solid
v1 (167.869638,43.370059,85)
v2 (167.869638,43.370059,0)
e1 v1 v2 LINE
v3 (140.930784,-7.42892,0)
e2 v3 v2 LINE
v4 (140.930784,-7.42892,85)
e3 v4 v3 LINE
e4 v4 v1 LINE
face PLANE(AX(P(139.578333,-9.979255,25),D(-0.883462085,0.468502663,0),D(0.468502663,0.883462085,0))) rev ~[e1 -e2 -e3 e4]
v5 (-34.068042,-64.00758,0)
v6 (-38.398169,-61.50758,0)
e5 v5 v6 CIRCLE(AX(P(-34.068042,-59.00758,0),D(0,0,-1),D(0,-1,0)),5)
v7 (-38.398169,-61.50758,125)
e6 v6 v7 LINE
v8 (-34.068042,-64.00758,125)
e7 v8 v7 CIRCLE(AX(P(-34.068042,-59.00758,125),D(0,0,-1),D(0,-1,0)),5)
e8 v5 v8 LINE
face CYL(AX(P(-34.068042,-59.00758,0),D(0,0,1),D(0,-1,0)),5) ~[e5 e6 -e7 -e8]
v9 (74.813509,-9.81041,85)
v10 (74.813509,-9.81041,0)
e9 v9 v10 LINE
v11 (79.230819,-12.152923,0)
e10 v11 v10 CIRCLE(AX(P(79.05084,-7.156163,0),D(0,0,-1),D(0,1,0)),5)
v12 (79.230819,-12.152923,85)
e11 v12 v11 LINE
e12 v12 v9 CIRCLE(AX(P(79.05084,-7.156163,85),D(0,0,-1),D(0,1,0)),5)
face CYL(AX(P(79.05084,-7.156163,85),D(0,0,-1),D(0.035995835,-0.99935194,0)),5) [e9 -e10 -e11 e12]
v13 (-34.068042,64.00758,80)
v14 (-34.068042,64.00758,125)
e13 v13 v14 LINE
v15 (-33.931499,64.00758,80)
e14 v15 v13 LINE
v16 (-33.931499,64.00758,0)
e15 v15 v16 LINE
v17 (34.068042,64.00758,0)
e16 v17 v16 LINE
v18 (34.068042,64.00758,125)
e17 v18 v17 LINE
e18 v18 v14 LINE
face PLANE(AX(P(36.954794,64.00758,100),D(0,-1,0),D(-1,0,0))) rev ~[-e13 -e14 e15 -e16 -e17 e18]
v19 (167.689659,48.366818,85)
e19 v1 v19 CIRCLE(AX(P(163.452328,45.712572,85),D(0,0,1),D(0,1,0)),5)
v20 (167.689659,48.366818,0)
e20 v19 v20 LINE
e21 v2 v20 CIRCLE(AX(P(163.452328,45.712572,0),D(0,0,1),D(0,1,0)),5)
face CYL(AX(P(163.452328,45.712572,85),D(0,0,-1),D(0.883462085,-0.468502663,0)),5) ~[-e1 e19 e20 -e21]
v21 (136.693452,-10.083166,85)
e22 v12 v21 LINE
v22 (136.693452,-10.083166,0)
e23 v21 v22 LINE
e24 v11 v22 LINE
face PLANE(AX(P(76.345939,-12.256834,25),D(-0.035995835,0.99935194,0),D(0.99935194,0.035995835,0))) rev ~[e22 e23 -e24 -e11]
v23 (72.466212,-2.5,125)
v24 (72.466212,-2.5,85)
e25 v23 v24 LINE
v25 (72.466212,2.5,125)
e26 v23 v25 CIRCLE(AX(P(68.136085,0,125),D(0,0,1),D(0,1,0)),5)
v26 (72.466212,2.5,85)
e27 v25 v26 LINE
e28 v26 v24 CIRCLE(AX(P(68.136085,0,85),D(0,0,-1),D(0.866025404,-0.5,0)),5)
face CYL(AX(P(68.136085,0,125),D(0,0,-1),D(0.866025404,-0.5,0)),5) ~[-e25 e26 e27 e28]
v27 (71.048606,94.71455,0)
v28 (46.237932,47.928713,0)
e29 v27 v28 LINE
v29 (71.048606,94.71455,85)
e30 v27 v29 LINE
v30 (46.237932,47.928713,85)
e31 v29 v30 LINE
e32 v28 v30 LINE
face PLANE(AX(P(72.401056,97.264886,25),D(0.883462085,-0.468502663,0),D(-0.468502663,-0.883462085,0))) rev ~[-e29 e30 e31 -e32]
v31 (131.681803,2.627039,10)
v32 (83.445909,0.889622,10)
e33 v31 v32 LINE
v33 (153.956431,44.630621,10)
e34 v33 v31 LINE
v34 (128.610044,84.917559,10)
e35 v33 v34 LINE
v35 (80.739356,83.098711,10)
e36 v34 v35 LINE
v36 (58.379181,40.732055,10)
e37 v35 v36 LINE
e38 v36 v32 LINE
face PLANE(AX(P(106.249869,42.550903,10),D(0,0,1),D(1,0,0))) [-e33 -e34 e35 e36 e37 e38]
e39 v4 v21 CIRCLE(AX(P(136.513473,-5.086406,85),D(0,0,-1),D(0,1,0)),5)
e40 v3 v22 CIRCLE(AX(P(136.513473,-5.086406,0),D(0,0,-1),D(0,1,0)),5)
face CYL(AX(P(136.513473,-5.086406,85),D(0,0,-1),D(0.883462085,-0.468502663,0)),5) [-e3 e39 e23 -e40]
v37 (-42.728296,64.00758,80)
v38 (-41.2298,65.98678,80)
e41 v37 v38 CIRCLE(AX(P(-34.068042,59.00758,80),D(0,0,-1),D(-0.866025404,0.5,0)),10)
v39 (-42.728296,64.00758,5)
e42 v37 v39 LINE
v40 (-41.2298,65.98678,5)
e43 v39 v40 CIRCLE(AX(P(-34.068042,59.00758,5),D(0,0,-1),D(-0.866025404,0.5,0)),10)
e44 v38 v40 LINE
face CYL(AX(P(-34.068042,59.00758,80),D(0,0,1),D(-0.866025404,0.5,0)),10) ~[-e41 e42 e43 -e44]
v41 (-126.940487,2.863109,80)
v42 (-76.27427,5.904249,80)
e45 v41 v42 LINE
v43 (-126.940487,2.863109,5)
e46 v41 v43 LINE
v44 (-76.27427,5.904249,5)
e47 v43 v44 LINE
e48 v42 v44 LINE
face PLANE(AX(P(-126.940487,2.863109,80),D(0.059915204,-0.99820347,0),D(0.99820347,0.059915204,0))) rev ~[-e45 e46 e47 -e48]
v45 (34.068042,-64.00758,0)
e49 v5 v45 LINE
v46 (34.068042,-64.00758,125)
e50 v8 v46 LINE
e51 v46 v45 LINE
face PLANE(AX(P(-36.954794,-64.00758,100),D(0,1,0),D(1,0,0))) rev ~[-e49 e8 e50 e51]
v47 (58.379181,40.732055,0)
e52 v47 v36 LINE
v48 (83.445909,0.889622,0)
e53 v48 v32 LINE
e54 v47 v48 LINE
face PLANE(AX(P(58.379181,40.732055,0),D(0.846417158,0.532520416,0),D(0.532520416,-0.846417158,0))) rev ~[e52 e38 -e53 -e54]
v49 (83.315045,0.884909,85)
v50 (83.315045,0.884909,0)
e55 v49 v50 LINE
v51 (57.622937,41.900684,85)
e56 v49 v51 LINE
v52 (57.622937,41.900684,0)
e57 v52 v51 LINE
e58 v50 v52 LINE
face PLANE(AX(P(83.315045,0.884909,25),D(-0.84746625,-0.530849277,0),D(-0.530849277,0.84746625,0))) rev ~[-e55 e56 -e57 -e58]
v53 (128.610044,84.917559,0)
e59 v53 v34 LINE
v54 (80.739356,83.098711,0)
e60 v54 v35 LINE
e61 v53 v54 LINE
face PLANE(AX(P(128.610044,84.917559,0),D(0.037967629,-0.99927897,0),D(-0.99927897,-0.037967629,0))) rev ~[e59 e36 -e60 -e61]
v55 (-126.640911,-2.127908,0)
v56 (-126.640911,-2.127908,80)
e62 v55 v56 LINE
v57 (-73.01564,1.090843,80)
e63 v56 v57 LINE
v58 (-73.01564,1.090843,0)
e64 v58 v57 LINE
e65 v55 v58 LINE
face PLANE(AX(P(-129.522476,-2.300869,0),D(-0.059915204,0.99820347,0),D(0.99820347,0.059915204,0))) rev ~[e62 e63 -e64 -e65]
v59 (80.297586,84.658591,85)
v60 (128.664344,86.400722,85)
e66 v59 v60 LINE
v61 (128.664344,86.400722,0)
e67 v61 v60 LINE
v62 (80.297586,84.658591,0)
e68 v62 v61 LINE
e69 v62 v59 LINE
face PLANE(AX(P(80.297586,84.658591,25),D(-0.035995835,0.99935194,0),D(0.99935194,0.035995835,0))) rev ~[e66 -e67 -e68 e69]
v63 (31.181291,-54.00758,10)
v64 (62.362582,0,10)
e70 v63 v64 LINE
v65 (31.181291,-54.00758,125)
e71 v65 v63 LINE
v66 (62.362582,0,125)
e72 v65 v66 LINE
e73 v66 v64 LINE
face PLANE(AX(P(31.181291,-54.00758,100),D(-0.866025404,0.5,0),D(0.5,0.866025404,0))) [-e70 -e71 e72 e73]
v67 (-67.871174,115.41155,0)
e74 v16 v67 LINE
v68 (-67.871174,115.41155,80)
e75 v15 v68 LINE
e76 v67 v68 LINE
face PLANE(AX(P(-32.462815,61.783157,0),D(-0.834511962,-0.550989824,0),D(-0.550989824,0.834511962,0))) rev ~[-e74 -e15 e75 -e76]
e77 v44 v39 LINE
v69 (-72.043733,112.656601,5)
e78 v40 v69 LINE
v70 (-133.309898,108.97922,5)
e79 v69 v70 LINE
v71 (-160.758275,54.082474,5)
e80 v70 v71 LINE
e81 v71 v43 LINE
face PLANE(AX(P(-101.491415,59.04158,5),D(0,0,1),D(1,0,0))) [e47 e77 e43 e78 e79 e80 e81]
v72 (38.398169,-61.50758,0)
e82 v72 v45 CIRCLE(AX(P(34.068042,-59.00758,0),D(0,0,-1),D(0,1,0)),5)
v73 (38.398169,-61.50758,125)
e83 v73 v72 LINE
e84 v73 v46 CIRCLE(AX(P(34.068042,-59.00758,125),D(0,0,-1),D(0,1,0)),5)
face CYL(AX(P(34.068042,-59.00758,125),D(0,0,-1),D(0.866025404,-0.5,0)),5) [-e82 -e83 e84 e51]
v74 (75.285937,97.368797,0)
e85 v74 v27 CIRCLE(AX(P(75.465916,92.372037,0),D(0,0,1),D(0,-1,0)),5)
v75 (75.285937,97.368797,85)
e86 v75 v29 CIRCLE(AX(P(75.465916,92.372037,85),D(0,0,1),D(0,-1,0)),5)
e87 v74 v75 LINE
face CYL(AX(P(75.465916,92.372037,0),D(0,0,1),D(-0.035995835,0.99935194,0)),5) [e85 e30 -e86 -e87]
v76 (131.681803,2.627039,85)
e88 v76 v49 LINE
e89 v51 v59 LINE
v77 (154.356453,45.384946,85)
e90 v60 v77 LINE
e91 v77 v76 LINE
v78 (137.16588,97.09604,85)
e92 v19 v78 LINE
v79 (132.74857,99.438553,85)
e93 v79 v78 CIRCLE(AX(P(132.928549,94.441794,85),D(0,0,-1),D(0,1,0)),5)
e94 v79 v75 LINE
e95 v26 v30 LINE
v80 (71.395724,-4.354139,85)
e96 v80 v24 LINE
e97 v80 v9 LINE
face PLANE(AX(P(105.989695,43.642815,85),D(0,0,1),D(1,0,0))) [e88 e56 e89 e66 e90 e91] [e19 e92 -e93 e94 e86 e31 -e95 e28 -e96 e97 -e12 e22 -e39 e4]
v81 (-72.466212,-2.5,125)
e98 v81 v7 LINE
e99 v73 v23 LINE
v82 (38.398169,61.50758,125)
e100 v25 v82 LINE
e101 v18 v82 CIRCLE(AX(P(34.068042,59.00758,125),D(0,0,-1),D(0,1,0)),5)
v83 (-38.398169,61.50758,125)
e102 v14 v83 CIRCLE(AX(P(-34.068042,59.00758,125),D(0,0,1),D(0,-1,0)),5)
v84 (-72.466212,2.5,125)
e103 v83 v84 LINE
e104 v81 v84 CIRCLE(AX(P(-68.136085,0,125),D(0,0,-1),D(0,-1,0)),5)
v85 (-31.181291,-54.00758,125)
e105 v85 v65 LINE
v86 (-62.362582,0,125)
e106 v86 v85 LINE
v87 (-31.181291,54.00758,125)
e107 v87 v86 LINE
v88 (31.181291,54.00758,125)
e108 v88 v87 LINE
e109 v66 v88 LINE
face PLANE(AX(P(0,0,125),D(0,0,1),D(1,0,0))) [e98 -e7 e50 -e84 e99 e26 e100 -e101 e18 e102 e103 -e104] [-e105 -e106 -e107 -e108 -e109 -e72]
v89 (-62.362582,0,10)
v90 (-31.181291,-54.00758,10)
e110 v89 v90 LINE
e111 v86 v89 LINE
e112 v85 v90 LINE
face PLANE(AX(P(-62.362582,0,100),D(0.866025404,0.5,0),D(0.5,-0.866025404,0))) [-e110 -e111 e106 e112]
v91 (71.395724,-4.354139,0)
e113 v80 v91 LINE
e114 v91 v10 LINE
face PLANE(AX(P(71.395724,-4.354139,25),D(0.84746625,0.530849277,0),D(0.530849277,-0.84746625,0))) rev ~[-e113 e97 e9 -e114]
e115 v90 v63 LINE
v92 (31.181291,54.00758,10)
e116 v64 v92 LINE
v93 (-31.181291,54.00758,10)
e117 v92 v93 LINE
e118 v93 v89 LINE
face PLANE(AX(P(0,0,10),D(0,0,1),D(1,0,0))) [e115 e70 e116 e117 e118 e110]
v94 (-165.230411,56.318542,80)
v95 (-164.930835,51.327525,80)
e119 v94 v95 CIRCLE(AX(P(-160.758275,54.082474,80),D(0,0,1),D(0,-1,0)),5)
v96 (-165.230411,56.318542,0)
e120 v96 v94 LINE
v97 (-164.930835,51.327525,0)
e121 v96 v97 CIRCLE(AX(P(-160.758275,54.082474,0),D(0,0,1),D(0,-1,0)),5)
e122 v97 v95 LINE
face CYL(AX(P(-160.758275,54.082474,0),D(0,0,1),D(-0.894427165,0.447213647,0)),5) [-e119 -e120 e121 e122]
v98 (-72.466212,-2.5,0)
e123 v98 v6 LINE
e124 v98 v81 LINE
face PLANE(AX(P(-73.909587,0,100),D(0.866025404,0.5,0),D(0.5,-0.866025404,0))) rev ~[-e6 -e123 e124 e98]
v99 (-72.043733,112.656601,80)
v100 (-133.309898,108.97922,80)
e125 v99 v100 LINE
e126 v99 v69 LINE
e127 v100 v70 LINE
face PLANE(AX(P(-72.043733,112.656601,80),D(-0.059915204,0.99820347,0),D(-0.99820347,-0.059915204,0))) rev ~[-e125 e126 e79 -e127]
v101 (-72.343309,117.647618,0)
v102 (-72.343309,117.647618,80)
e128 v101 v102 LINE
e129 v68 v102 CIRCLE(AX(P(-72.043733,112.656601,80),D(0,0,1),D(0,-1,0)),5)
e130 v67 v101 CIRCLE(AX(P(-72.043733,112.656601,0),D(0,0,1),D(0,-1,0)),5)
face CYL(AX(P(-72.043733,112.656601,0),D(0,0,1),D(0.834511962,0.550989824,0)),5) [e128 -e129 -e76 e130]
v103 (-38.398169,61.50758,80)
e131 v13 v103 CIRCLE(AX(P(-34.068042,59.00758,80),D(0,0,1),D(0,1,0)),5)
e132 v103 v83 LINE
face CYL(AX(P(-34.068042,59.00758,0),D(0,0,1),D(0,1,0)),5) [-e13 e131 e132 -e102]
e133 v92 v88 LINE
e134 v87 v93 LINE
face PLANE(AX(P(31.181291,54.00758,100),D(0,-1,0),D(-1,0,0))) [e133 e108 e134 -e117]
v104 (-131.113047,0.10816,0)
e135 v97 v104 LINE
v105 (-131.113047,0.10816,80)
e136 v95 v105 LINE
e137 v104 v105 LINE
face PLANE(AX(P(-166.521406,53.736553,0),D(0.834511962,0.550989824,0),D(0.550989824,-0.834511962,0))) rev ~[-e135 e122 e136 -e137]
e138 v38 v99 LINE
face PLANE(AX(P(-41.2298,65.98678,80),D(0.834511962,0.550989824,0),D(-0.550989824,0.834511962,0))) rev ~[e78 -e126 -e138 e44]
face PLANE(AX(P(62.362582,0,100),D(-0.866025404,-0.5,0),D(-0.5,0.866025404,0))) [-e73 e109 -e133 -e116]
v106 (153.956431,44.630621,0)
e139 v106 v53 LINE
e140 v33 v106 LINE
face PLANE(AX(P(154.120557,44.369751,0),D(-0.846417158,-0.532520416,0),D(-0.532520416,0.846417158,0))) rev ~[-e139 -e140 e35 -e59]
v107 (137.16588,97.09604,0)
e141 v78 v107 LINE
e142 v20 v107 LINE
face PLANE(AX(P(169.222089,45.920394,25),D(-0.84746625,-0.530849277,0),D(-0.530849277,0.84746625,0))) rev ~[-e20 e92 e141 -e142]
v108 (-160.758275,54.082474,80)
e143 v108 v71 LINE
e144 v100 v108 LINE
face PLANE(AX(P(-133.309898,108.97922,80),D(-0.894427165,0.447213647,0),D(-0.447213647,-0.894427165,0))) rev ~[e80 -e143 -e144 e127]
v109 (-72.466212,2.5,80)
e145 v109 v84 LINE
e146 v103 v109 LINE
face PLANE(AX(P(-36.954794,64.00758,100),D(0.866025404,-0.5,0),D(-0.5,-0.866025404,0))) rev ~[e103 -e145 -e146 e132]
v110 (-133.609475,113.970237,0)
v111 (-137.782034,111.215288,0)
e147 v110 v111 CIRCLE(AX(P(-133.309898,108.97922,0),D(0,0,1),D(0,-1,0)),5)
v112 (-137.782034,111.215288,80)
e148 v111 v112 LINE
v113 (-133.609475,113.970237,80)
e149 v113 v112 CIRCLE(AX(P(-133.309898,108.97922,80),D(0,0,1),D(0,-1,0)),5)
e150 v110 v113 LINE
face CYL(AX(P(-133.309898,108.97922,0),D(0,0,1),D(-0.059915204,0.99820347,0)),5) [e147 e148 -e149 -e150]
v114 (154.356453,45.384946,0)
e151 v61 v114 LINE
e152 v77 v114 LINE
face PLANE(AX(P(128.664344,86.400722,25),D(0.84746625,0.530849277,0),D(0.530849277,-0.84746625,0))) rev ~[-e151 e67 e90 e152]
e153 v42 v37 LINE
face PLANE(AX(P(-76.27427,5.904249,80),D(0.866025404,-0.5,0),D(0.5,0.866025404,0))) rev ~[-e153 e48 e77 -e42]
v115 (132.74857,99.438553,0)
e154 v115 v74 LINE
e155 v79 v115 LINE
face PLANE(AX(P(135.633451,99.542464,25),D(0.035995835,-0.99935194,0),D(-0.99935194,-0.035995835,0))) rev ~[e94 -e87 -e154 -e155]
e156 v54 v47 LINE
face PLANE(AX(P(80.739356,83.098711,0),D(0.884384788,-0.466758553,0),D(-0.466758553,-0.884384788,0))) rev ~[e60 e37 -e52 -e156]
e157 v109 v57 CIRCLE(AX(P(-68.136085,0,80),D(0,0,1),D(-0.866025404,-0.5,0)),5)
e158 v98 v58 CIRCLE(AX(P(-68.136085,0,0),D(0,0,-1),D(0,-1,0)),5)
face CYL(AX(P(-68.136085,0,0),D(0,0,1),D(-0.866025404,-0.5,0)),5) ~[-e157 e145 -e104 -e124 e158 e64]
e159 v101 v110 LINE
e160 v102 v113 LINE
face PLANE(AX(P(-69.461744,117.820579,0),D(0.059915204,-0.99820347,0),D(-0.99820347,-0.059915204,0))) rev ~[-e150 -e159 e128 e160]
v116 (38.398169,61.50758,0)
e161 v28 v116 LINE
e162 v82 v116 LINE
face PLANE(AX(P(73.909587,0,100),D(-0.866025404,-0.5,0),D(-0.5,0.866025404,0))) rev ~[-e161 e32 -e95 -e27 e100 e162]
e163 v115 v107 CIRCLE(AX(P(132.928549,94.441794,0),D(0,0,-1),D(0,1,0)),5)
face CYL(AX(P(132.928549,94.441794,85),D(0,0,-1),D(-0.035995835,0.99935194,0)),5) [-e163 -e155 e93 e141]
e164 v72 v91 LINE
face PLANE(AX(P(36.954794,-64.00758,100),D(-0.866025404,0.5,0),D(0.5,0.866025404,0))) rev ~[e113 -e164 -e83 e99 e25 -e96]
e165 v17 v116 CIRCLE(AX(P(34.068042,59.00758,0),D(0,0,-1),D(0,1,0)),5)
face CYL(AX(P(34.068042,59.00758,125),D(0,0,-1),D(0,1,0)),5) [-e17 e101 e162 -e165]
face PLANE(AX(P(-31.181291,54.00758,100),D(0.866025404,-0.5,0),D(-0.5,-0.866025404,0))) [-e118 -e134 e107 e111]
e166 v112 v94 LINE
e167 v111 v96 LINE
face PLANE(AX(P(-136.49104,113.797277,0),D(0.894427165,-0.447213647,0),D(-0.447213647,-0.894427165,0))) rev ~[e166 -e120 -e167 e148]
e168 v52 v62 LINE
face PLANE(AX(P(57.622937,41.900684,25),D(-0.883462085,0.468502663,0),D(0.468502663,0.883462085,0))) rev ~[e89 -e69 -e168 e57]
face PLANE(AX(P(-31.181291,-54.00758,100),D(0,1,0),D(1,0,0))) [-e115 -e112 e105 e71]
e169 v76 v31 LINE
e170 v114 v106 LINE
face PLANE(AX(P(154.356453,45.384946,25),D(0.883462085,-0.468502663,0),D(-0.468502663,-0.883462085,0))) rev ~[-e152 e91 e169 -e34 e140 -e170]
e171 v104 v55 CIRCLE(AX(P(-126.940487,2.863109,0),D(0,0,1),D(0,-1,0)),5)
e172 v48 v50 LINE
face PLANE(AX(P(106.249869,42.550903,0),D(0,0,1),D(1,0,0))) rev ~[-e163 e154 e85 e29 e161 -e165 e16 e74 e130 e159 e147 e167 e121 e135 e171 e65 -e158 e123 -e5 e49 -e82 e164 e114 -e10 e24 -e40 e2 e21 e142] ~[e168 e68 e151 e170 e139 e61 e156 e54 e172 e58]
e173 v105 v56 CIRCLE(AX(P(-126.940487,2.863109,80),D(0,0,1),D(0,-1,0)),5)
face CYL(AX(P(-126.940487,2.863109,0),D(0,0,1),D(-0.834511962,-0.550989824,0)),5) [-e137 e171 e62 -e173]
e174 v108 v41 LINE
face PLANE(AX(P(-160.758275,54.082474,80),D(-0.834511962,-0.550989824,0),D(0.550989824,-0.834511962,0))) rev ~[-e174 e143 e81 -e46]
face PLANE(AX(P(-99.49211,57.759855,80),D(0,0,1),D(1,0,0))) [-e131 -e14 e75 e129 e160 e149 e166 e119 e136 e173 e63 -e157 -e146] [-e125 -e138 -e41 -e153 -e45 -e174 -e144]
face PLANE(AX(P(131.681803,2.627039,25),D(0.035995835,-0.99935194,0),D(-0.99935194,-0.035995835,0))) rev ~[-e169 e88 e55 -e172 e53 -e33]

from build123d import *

# Parameters (mm, degrees)
F1_DEPTH  = 100
F3_DEPTH  = 90
F4_DEPTH  = 25
F5_R      = 5
F7_DEPTH  = 25
F8_DEPTH  = 60
F9_R      = 5
F11_DEPTH = 10
F12_DEPTH = 50
F14_DEPTH = 10
F16_DEPTH = 80
F18_DEPTH = 75
F19_R     = 5


with BuildPart() as f1:
    # F0 (on Top) → F1 (new body)
    with BuildSketch(Plane.XY):
        Polygon((36.954793705, 64.0075802803), (-36.954793705, 64.0075802803), (-73.90958741, 0), (-36.954793705, -64.0075802803), (36.954793705, -64.0075802803), (73.90958741, 0), align=None)
    extrude(amount=F1_DEPTH)

    # F2 (on face) → F3 (cut)
    with BuildSketch(Plane.XY.offset(100)):
        Polygon((31.1812910131, 54.0075802803), (-31.1812910131, 54.0075802803), (-62.3625820262, 0), (-31.1812910131, -54.0075802803), (31.1812910131, -54.0075802803), (62.3625820262, 0), align=None)
    extrude(amount=-F3_DEPTH, mode=Mode.SUBTRACT)

    # F4 (add): a face of the model
    f4_faces = [f1.faces().sort_by_distance(p)[0] for p in [
        (53.7387091631, 31.0260582012, 100),
    ]]
    extrude(f4_faces, amount=F4_DEPTH)

    # F5
    f5_edges = [f1.edges().sort_by_distance(p)[0] for p in [
        (36.954794, -64.00758, 62.5),
        (73.909587, 0, 62.5),
        (36.954794, 64.00758, 62.5),
        (-36.954794, -64.00758, 62.5),
        (-73.909587, 0, 62.5),
        (-36.954794, 64.00758, 62.5),
    ]]
    fillet(f5_edges, radius=F5_R)

    # F6 (on Top) → F7 (join)
    with BuildSketch(Plane.XY):
        Polygon((72.4010563695, 97.2648855515), (42.7573003567, 41.3652363949), (76.3459385825, -12.2568339541), (139.5783328212, -9.9792551465), (169.222088834, 45.9203940101), (135.6334506082, 99.5424643591), align=None)
        Polygon((57.6229365769, 41.9006843788), (80.2975860361, 84.6585909333), (128.6643440546, 86.400721757), (154.3564526138, 45.3849460261), (131.6818031546, 2.6270394716), (83.3150451361, 0.884908648), align=None, mode=Mode.SUBTRACT)
    extrude(amount=F7_DEPTH)

    # F8 (add): a face of the model
    f8_faces = [f1.faces().sort_by_distance(p)[0] for p in [
        (104.0770804564, 96.7426995418, 25),
    ]]
    extrude(f8_faces, amount=F8_DEPTH)

    # F9
    f9_edges = [f1.edges().sort_by_distance(p)[0] for p in [
        (139.578333, -9.979255, 42.5),
        (169.222089, 45.920394, 42.5),
        (135.633451, 99.542464, 42.5),
        (76.345939, -12.256834, 42.5),
        (72.401056, 97.264886, 42.5),
    ]]
    fillet(f9_edges, radius=F9_R)

    # F13 (on Top) → F14 (join)
    with BuildSketch(Plane.XY):
        Polygon((80.7393563532, 83.0987106545), (58.3791809535, 40.7320548312), (83.8896934701, 0.1842469904), (131.7603813863, 2.0030949728), (154.120556786, 44.3697507961), (128.6100442695, 84.917558637), align=None)
    extrude(amount=F14_DEPTH)

    # F15 (on Top) → F16 (join)
    with BuildSketch(Plane.XY):
        Polygon((-62.4931809091, 1.7224331433), (-32.4628147698, 61.7831568187), (-69.4617441727, 117.8205786179), (-136.4910397149, 113.7972767418), (-166.5214058542, 53.7365530664), (-129.5224764513, -2.3008687328), align=None)
    extrude(amount=F16_DEPTH)

    # F17 (on face) → F18 (cut)
    with BuildSketch(Plane.XY.offset(80)):
        with BuildLine():
            Line((-72.0437333661, 112.6566009709), (-133.3098984847, 108.9792196846))
            Line((-133.3098984847, 108.9792196846), (-160.7582754306, 54.0824736562))
            Line((-160.7582754306, 54.0824736562), (-126.9404872579, 2.8631089142))
            Line((-126.9404872579, 2.8631089142), (-76.2742702816, 5.9042491226))
            Line((-76.2742702816, 5.9042491226), (-42.7282963969, 64.0075802803))
            ThreePointArc((-42.7282963969, 64.0075802803), (-42.0407030657, 65.043860696), (-41.2297996458, 65.986780275))
            Line((-41.2297996458, 65.986780275), (-72.0437333661, 112.6566009709))
        make_face()
    extrude(amount=-F18_DEPTH, mode=Mode.SUBTRACT)

    # F19
    f19_edges = [f1.edges().sort_by_distance(p)[0] for p in [
        (-129.522476, -2.300869, 40),
        (-166.521406, 53.736553, 40),
        (-136.49104, 113.797277, 40),
        (-69.461744, 117.820579, 40),
    ]]
    fillet(f19_edges, radius=F19_R)


with BuildPart() as f11:
    # F10 (on face) → F11 (new body)
    with BuildSketch(Plane.XY.offset(85)):
        Polygon((80.2975860361, 84.6585909333), (57.6229365769, 41.9006843788), (83.3150451361, 0.884908648), (131.6818031546, 2.6270394716), (154.3564526138, 45.3849460261), (128.6643440546, 86.400721757), align=None)
    extrude(amount=F11_DEPTH)

    # F12 (cut): a face of the model
    f12_faces = [f11.faces().sort_by_distance(p)[0] for p in [
        (105.9896945953, 43.6428152025, 95),
    ]]
    extrude(f12_faces, amount=-F12_DEPTH, mode=Mode.SUBTRACT)


solid = f1.part
